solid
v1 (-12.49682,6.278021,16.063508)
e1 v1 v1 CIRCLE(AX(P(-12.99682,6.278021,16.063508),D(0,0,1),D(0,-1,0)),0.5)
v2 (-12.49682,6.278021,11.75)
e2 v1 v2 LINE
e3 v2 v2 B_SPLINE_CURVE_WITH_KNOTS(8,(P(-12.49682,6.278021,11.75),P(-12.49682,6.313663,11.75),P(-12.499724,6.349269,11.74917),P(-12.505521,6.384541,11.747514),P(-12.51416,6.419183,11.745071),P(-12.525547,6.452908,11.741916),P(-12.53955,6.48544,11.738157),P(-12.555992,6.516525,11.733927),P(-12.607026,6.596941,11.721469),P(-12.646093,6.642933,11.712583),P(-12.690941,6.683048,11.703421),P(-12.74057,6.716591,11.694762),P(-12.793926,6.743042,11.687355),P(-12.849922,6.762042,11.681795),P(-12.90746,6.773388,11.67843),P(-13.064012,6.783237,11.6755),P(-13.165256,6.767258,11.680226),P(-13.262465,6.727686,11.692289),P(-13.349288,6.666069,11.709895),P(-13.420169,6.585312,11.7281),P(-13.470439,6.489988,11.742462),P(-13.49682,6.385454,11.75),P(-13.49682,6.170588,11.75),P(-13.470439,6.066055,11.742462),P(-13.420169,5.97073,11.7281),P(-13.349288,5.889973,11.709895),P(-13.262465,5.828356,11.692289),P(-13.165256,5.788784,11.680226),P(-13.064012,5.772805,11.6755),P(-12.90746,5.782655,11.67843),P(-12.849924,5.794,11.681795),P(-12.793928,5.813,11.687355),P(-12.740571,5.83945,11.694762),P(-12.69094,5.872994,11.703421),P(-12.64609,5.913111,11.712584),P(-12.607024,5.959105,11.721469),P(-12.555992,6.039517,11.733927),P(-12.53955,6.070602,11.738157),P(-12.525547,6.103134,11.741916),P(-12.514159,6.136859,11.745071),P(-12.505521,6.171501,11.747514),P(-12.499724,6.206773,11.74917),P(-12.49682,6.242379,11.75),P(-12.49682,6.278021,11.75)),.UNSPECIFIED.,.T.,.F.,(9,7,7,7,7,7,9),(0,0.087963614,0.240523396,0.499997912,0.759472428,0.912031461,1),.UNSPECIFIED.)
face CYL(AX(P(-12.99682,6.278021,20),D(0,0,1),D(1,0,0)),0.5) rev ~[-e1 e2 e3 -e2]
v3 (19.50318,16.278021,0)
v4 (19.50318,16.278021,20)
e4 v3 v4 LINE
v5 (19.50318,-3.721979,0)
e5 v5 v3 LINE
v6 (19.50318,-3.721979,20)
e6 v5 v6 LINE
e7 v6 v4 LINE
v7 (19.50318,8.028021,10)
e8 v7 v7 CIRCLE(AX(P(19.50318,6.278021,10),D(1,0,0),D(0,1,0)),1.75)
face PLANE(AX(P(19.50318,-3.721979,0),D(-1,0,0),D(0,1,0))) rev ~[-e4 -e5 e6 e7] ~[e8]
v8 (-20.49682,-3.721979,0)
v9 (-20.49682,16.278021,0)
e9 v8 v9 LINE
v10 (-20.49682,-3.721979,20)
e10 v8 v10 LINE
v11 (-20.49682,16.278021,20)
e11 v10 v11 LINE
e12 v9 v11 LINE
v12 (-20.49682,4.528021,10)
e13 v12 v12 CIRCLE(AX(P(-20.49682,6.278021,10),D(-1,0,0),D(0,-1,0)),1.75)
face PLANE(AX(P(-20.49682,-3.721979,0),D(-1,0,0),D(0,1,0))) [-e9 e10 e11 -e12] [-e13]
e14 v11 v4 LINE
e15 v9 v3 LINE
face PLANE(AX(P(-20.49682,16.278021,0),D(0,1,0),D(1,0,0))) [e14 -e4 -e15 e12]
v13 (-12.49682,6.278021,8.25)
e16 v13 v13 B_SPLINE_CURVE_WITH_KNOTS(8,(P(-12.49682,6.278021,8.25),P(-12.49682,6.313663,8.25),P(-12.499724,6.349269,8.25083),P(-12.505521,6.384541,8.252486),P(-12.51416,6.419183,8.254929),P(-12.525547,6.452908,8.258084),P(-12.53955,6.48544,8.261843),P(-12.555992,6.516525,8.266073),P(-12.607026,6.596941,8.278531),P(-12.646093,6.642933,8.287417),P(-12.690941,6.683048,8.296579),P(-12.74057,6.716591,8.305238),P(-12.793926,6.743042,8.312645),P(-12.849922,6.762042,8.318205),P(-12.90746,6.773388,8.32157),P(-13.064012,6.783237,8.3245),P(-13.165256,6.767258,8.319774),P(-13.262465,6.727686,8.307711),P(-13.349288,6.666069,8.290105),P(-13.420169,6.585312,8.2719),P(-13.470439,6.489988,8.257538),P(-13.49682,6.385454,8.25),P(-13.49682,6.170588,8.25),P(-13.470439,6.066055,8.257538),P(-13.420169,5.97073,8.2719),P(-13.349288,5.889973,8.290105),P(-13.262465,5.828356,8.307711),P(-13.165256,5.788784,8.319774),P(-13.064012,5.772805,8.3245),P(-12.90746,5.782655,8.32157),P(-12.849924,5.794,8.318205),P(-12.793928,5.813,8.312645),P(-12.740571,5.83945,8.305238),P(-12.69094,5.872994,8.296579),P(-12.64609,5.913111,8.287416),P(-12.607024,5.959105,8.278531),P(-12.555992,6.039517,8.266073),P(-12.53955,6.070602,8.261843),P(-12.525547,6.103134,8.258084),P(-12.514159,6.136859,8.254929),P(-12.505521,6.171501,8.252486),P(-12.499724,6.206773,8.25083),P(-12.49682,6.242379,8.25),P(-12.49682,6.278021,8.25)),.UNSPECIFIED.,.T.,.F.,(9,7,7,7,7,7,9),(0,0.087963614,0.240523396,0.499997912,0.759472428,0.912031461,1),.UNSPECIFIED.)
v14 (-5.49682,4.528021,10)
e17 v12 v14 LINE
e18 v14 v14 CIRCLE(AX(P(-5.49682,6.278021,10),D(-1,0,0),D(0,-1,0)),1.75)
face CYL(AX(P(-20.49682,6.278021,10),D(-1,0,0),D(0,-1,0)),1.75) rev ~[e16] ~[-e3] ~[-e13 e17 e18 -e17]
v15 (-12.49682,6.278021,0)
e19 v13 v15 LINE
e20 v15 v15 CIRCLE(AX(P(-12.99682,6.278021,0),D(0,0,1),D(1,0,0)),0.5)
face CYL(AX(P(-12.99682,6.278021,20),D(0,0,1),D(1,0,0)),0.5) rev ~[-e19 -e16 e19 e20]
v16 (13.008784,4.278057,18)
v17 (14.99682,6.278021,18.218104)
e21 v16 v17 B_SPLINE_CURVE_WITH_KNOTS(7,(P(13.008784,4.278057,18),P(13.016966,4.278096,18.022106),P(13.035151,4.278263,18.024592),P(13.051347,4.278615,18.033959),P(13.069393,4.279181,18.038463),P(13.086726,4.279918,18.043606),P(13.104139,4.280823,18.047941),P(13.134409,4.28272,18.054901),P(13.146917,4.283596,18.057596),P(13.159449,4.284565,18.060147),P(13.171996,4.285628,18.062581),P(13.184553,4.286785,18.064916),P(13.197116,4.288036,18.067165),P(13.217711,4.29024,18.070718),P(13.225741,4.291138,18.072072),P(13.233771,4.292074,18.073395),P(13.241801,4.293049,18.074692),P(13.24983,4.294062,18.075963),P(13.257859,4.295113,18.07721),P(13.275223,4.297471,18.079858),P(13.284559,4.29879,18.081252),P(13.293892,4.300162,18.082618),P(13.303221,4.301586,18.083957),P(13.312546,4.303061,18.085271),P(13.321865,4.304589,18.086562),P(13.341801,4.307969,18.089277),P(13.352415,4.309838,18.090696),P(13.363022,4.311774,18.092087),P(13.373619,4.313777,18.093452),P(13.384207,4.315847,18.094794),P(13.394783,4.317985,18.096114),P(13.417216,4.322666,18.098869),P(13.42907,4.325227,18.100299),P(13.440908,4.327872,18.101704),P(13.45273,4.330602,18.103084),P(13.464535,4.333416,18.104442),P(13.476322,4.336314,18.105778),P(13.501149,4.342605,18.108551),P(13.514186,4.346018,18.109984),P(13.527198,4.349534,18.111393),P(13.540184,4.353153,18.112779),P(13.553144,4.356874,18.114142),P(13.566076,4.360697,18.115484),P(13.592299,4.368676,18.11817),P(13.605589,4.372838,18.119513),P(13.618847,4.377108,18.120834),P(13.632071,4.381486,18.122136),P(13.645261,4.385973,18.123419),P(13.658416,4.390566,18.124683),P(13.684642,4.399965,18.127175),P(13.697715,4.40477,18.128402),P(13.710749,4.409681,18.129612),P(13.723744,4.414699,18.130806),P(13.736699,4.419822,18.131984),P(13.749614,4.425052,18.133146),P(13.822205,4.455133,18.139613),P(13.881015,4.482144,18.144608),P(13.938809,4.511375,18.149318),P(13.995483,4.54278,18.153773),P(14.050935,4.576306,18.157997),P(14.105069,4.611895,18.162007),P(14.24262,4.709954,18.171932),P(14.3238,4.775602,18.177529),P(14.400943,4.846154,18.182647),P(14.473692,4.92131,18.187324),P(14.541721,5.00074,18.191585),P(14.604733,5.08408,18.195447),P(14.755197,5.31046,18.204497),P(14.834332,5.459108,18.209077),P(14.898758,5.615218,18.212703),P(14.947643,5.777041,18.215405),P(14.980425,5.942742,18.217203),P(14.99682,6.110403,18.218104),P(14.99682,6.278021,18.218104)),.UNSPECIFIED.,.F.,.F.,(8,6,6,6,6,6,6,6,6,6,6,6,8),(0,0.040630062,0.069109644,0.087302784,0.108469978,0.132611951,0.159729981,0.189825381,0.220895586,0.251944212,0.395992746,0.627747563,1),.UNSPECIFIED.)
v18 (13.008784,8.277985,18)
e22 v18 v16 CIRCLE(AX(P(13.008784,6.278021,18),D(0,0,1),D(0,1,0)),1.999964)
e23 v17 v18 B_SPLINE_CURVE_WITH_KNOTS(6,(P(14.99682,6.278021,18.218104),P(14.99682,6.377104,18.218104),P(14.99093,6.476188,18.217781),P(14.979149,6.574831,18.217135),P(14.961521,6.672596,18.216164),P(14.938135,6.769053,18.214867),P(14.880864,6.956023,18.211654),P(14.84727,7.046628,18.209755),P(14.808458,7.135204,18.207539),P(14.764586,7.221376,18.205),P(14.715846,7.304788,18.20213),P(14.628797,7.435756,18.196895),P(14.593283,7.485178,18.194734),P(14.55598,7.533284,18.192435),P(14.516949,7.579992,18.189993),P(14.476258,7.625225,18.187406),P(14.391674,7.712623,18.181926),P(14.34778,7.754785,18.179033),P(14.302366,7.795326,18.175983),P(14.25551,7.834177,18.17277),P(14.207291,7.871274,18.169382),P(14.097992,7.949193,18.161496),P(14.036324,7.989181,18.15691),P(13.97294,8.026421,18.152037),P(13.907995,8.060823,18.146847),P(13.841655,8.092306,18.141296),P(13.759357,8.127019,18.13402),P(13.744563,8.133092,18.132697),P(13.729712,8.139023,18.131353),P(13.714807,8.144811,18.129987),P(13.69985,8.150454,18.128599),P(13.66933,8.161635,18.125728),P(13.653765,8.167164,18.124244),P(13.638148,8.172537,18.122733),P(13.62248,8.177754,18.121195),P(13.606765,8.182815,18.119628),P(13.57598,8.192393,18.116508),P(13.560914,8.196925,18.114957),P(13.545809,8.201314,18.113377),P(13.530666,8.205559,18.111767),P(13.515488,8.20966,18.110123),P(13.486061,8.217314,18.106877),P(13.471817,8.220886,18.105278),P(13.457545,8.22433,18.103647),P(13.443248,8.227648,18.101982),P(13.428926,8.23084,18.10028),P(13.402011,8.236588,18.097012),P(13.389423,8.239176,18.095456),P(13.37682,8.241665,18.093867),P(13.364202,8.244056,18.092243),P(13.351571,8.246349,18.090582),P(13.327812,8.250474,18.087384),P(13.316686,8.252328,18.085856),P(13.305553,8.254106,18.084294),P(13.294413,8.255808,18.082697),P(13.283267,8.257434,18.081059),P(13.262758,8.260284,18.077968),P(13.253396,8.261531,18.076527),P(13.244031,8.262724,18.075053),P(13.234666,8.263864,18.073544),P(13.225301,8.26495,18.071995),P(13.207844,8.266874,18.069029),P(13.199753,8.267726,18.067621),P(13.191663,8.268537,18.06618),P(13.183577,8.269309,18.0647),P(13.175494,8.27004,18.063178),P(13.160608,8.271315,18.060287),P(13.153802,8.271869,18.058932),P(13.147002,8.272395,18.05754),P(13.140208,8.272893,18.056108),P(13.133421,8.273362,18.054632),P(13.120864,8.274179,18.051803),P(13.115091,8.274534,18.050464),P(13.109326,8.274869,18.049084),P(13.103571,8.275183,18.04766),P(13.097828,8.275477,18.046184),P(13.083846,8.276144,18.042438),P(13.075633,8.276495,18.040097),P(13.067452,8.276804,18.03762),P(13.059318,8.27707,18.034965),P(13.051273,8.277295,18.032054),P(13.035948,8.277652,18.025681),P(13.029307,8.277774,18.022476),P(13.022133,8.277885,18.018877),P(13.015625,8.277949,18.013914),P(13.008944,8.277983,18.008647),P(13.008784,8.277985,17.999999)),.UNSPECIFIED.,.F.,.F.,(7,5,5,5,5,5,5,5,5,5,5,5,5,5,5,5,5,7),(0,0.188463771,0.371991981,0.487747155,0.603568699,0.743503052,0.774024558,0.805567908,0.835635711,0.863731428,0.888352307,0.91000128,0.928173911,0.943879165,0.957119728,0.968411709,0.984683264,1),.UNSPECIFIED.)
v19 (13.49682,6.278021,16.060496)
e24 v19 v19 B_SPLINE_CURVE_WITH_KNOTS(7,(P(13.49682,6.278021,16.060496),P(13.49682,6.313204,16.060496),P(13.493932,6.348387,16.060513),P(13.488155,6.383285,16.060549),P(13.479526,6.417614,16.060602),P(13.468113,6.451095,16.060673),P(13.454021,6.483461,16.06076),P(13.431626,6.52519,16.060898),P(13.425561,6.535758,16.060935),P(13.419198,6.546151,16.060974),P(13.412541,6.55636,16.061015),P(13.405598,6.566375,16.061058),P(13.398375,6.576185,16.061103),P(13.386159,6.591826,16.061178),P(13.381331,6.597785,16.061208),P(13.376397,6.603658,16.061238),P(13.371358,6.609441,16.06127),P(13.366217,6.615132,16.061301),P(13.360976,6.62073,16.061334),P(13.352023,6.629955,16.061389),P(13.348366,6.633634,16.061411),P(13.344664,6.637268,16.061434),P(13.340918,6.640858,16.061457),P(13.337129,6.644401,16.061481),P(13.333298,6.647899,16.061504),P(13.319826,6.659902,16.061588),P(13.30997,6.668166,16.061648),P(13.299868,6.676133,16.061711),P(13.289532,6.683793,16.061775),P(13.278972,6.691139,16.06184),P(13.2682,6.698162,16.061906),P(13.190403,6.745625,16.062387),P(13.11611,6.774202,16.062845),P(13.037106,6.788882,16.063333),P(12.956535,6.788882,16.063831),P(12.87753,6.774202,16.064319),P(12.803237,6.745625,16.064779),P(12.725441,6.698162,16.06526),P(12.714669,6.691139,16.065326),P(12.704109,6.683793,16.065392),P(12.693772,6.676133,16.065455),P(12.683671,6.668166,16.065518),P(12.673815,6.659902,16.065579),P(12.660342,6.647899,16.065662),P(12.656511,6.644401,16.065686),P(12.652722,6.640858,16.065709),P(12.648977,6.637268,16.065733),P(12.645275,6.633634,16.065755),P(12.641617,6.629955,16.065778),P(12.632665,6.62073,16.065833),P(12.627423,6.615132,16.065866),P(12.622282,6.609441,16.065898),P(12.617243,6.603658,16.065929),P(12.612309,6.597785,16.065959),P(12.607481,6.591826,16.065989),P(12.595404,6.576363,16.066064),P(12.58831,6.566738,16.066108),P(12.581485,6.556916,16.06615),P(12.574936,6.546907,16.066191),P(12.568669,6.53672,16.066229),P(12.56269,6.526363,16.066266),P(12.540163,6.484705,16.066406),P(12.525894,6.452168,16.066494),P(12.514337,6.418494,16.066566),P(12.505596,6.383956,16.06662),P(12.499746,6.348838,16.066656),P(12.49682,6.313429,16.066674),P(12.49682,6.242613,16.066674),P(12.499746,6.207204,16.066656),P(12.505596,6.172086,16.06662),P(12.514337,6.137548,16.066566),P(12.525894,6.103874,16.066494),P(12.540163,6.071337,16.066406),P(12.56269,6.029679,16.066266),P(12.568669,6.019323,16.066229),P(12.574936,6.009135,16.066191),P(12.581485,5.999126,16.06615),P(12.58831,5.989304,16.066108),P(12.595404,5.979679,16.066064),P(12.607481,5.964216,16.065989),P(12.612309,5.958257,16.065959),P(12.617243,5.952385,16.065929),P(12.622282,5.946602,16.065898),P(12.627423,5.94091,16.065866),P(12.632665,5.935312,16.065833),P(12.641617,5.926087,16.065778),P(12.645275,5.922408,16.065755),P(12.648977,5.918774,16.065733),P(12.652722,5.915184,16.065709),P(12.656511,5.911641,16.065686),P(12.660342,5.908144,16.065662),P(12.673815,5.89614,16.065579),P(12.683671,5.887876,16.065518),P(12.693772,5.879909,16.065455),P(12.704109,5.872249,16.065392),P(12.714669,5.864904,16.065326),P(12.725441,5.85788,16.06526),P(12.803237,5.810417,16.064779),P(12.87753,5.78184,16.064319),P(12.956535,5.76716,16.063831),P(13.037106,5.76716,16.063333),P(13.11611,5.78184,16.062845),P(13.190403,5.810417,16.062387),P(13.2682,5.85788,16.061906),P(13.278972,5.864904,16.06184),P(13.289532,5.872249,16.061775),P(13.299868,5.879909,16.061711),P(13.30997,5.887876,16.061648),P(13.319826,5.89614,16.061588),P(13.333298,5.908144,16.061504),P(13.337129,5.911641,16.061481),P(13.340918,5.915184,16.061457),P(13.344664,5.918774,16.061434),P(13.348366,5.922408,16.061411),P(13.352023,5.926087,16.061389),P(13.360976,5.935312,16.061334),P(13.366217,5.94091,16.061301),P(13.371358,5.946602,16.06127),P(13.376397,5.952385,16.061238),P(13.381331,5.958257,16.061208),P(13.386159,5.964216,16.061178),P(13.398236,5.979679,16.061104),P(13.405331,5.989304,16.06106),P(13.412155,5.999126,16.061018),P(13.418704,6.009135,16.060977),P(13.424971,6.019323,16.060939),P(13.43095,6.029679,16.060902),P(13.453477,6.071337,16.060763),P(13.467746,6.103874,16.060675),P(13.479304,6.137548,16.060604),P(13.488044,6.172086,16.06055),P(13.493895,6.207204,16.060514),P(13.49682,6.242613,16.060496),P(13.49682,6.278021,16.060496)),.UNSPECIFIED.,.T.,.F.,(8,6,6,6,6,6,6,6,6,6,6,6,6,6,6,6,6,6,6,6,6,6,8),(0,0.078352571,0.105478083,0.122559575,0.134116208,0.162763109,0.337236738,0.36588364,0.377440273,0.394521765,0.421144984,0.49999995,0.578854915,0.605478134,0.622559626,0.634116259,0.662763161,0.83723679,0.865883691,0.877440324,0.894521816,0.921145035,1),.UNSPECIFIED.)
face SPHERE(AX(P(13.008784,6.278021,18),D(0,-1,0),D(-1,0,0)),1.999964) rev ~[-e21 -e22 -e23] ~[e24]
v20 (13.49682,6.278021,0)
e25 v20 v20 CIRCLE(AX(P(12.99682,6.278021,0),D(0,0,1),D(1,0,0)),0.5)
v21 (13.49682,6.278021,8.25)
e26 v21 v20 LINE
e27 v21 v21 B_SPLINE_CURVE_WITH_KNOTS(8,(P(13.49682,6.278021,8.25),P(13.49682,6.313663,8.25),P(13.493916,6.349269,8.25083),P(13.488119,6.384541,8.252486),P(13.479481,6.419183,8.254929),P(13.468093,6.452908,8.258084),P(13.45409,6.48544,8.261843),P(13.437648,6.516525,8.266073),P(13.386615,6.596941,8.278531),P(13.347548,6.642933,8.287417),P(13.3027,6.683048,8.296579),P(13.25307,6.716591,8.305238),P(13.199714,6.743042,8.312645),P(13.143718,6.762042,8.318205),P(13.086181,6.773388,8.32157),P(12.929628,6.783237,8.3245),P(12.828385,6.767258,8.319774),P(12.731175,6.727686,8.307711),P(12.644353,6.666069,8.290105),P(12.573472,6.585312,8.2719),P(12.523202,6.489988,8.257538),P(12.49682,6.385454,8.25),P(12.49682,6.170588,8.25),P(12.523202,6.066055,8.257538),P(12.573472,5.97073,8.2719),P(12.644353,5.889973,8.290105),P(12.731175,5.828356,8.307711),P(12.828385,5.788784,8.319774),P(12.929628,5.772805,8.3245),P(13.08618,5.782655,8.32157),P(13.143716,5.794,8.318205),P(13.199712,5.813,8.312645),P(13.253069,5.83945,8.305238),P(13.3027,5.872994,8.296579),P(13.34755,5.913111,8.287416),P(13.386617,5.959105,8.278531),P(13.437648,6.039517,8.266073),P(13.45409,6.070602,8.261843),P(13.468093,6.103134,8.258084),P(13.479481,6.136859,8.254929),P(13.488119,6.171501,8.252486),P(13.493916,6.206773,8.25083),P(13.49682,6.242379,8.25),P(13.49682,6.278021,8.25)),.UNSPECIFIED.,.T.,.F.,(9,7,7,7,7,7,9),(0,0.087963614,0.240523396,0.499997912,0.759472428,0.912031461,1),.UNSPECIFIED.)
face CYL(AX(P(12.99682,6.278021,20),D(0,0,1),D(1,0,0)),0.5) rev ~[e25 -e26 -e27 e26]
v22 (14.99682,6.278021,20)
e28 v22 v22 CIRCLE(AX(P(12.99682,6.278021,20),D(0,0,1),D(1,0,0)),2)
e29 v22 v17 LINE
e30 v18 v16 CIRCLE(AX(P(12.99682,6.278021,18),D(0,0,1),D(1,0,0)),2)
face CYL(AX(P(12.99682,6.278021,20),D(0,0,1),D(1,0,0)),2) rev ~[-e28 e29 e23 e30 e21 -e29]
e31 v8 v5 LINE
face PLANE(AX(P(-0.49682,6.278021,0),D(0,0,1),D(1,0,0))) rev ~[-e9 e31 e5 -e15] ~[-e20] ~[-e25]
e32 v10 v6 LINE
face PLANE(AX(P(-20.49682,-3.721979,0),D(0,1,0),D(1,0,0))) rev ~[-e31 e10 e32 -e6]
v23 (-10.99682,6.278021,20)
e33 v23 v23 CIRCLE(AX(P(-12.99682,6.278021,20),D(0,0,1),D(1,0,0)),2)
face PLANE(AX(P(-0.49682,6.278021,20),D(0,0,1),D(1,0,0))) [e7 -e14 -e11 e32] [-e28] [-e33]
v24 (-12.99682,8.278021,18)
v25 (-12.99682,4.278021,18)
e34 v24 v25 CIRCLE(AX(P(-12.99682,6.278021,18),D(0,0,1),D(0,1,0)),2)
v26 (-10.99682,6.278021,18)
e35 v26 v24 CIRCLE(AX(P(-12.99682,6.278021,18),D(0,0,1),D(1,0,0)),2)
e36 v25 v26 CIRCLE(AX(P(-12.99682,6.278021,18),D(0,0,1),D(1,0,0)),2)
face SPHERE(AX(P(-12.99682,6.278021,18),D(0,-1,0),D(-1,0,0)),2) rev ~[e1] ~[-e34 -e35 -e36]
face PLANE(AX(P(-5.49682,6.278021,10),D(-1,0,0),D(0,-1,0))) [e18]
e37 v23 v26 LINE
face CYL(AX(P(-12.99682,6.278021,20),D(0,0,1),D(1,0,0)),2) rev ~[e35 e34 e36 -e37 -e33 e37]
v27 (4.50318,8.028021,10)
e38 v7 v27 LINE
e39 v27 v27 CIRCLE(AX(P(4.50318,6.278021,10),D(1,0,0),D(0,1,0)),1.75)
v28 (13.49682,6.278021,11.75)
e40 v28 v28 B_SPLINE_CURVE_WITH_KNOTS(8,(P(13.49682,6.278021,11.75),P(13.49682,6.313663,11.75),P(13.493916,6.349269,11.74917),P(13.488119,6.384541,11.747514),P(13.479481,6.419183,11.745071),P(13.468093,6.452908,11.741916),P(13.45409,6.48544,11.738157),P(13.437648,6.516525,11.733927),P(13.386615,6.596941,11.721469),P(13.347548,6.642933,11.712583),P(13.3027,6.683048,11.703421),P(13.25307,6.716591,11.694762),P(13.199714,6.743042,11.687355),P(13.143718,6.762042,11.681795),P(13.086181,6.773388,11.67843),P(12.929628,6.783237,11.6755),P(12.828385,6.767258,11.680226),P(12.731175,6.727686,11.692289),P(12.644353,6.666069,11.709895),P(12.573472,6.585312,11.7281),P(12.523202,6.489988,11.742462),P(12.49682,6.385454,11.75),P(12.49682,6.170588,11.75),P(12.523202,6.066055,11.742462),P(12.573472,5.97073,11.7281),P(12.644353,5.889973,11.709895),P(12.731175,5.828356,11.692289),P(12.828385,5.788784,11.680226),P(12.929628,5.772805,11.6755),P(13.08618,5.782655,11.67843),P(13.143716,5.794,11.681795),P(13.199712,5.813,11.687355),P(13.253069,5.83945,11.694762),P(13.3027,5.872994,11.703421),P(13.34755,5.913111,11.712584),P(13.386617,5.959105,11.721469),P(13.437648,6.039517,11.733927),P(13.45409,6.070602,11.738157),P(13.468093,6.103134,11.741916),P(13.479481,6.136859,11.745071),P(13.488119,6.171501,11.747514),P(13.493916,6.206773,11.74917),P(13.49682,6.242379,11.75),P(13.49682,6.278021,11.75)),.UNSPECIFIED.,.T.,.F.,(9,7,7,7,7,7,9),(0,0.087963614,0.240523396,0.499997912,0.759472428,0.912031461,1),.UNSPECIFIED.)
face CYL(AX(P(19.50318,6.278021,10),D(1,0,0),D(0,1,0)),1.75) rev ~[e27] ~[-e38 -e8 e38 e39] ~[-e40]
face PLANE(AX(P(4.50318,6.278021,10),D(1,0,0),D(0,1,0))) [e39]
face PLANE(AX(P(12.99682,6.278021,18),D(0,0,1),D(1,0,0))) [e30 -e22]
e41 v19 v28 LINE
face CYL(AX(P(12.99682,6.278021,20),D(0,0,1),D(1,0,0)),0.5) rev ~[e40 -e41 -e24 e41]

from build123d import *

# Parameters (mm, degrees)
F0_W      = 40
F0_H      = 20
F1_DEPTH  = 20
F2_R      = 1.75
F3_DEPTH  = 15
F4_R      = 1.75
F5_DEPTH  = 15
F6_R      = 0.5
F7_DEPTH  = 20.001
F8_R      = 2
F9_DEPTH  = 2
F12_R     = 2
F13_DEPTH = 2


with BuildPart() as f1:
    # F0 (on Top) → F1 (new body)
    with BuildSketch(Plane.XY):
        with Locations((-0.4968201369, 6.2780210599)):
            Rectangle(F0_W, F0_H)
    extrude(amount=F1_DEPTH)

    # F2 (on face) → F3 (cut)
    with BuildSketch(Plane(origin=(-20.4968201369, 0, 0), x_dir=(0, -1, 0), z_dir=(-1, 0, 0))):
        with Locations((-6.2780210599, 10)):
            Circle(F2_R)
    extrude(amount=-F3_DEPTH, mode=Mode.SUBTRACT)

    # F4 (on face) → F5 (cut)
    with BuildSketch(Plane.YZ.offset(19.5031798631)):
        with Locations((6.2780210599, 10)):
            Circle(F4_R)
    extrude(amount=-F5_DEPTH, mode=Mode.SUBTRACT)

    # F6 (on face) → F7 (cut, through all)
    with BuildSketch(Plane.XY.offset(20)):
        with Locations((-12.9968201369, 6.2780210599)):
            Circle(F6_R)
        with Locations((12.9968201369, 6.2780210599)):
            Circle(F6_R)
    extrude(amount=-F7_DEPTH, mode=Mode.SUBTRACT)

    # F8 (on face) → F9 (cut)
    with BuildSketch(Plane.XY.offset(20)):
        with Locations((-12.9968201369, 6.2780210599)):
            Circle(F8_R)
    extrude(amount=-F9_DEPTH, mode=Mode.SUBTRACT)

    # F10 (on face) → F11 (revolve, cut)
    with BuildSketch(Plane.XY.offset(18)):
        with BuildLine():
            Line((-12.9968201369, 4.2780210599), (-12.9968201369, 8.2780210599))
            ThreePointArc((-12.9968201369, 8.2780210599), (-14.9968201369, 6.2780210599), (-12.9968201369, 4.2780210599))
        make_face()
    revolve(axis=Axis((-12.9968201369, 6.2780210599, 18), (0, -1, 0)), mode=Mode.SUBTRACT)

    # F12 (on face) → F13 (cut)
    with BuildSketch(Plane.XY.offset(20)):
        with Locations((12.9968201369, 6.2780210599)):
            Circle(F12_R)
    extrude(amount=-F13_DEPTH, mode=Mode.SUBTRACT)

    # F14 (on face) → F15 (revolve, cut)
    with BuildSketch(Plane.XY.offset(18)):
        with BuildLine():
            Line((13.0087840564, 4.278056844), (13.0087840564, 8.2779852757))
            ThreePointArc((13.0087840564, 8.2779852757), (11.0088198406, 6.2780210599), (13.0087840564, 4.278056844))
        make_face()
    revolve(axis=Axis((13.0087840564, 6.2780210599, 18), (0, -1, 0)), mode=Mode.SUBTRACT)


solid = f1.part
